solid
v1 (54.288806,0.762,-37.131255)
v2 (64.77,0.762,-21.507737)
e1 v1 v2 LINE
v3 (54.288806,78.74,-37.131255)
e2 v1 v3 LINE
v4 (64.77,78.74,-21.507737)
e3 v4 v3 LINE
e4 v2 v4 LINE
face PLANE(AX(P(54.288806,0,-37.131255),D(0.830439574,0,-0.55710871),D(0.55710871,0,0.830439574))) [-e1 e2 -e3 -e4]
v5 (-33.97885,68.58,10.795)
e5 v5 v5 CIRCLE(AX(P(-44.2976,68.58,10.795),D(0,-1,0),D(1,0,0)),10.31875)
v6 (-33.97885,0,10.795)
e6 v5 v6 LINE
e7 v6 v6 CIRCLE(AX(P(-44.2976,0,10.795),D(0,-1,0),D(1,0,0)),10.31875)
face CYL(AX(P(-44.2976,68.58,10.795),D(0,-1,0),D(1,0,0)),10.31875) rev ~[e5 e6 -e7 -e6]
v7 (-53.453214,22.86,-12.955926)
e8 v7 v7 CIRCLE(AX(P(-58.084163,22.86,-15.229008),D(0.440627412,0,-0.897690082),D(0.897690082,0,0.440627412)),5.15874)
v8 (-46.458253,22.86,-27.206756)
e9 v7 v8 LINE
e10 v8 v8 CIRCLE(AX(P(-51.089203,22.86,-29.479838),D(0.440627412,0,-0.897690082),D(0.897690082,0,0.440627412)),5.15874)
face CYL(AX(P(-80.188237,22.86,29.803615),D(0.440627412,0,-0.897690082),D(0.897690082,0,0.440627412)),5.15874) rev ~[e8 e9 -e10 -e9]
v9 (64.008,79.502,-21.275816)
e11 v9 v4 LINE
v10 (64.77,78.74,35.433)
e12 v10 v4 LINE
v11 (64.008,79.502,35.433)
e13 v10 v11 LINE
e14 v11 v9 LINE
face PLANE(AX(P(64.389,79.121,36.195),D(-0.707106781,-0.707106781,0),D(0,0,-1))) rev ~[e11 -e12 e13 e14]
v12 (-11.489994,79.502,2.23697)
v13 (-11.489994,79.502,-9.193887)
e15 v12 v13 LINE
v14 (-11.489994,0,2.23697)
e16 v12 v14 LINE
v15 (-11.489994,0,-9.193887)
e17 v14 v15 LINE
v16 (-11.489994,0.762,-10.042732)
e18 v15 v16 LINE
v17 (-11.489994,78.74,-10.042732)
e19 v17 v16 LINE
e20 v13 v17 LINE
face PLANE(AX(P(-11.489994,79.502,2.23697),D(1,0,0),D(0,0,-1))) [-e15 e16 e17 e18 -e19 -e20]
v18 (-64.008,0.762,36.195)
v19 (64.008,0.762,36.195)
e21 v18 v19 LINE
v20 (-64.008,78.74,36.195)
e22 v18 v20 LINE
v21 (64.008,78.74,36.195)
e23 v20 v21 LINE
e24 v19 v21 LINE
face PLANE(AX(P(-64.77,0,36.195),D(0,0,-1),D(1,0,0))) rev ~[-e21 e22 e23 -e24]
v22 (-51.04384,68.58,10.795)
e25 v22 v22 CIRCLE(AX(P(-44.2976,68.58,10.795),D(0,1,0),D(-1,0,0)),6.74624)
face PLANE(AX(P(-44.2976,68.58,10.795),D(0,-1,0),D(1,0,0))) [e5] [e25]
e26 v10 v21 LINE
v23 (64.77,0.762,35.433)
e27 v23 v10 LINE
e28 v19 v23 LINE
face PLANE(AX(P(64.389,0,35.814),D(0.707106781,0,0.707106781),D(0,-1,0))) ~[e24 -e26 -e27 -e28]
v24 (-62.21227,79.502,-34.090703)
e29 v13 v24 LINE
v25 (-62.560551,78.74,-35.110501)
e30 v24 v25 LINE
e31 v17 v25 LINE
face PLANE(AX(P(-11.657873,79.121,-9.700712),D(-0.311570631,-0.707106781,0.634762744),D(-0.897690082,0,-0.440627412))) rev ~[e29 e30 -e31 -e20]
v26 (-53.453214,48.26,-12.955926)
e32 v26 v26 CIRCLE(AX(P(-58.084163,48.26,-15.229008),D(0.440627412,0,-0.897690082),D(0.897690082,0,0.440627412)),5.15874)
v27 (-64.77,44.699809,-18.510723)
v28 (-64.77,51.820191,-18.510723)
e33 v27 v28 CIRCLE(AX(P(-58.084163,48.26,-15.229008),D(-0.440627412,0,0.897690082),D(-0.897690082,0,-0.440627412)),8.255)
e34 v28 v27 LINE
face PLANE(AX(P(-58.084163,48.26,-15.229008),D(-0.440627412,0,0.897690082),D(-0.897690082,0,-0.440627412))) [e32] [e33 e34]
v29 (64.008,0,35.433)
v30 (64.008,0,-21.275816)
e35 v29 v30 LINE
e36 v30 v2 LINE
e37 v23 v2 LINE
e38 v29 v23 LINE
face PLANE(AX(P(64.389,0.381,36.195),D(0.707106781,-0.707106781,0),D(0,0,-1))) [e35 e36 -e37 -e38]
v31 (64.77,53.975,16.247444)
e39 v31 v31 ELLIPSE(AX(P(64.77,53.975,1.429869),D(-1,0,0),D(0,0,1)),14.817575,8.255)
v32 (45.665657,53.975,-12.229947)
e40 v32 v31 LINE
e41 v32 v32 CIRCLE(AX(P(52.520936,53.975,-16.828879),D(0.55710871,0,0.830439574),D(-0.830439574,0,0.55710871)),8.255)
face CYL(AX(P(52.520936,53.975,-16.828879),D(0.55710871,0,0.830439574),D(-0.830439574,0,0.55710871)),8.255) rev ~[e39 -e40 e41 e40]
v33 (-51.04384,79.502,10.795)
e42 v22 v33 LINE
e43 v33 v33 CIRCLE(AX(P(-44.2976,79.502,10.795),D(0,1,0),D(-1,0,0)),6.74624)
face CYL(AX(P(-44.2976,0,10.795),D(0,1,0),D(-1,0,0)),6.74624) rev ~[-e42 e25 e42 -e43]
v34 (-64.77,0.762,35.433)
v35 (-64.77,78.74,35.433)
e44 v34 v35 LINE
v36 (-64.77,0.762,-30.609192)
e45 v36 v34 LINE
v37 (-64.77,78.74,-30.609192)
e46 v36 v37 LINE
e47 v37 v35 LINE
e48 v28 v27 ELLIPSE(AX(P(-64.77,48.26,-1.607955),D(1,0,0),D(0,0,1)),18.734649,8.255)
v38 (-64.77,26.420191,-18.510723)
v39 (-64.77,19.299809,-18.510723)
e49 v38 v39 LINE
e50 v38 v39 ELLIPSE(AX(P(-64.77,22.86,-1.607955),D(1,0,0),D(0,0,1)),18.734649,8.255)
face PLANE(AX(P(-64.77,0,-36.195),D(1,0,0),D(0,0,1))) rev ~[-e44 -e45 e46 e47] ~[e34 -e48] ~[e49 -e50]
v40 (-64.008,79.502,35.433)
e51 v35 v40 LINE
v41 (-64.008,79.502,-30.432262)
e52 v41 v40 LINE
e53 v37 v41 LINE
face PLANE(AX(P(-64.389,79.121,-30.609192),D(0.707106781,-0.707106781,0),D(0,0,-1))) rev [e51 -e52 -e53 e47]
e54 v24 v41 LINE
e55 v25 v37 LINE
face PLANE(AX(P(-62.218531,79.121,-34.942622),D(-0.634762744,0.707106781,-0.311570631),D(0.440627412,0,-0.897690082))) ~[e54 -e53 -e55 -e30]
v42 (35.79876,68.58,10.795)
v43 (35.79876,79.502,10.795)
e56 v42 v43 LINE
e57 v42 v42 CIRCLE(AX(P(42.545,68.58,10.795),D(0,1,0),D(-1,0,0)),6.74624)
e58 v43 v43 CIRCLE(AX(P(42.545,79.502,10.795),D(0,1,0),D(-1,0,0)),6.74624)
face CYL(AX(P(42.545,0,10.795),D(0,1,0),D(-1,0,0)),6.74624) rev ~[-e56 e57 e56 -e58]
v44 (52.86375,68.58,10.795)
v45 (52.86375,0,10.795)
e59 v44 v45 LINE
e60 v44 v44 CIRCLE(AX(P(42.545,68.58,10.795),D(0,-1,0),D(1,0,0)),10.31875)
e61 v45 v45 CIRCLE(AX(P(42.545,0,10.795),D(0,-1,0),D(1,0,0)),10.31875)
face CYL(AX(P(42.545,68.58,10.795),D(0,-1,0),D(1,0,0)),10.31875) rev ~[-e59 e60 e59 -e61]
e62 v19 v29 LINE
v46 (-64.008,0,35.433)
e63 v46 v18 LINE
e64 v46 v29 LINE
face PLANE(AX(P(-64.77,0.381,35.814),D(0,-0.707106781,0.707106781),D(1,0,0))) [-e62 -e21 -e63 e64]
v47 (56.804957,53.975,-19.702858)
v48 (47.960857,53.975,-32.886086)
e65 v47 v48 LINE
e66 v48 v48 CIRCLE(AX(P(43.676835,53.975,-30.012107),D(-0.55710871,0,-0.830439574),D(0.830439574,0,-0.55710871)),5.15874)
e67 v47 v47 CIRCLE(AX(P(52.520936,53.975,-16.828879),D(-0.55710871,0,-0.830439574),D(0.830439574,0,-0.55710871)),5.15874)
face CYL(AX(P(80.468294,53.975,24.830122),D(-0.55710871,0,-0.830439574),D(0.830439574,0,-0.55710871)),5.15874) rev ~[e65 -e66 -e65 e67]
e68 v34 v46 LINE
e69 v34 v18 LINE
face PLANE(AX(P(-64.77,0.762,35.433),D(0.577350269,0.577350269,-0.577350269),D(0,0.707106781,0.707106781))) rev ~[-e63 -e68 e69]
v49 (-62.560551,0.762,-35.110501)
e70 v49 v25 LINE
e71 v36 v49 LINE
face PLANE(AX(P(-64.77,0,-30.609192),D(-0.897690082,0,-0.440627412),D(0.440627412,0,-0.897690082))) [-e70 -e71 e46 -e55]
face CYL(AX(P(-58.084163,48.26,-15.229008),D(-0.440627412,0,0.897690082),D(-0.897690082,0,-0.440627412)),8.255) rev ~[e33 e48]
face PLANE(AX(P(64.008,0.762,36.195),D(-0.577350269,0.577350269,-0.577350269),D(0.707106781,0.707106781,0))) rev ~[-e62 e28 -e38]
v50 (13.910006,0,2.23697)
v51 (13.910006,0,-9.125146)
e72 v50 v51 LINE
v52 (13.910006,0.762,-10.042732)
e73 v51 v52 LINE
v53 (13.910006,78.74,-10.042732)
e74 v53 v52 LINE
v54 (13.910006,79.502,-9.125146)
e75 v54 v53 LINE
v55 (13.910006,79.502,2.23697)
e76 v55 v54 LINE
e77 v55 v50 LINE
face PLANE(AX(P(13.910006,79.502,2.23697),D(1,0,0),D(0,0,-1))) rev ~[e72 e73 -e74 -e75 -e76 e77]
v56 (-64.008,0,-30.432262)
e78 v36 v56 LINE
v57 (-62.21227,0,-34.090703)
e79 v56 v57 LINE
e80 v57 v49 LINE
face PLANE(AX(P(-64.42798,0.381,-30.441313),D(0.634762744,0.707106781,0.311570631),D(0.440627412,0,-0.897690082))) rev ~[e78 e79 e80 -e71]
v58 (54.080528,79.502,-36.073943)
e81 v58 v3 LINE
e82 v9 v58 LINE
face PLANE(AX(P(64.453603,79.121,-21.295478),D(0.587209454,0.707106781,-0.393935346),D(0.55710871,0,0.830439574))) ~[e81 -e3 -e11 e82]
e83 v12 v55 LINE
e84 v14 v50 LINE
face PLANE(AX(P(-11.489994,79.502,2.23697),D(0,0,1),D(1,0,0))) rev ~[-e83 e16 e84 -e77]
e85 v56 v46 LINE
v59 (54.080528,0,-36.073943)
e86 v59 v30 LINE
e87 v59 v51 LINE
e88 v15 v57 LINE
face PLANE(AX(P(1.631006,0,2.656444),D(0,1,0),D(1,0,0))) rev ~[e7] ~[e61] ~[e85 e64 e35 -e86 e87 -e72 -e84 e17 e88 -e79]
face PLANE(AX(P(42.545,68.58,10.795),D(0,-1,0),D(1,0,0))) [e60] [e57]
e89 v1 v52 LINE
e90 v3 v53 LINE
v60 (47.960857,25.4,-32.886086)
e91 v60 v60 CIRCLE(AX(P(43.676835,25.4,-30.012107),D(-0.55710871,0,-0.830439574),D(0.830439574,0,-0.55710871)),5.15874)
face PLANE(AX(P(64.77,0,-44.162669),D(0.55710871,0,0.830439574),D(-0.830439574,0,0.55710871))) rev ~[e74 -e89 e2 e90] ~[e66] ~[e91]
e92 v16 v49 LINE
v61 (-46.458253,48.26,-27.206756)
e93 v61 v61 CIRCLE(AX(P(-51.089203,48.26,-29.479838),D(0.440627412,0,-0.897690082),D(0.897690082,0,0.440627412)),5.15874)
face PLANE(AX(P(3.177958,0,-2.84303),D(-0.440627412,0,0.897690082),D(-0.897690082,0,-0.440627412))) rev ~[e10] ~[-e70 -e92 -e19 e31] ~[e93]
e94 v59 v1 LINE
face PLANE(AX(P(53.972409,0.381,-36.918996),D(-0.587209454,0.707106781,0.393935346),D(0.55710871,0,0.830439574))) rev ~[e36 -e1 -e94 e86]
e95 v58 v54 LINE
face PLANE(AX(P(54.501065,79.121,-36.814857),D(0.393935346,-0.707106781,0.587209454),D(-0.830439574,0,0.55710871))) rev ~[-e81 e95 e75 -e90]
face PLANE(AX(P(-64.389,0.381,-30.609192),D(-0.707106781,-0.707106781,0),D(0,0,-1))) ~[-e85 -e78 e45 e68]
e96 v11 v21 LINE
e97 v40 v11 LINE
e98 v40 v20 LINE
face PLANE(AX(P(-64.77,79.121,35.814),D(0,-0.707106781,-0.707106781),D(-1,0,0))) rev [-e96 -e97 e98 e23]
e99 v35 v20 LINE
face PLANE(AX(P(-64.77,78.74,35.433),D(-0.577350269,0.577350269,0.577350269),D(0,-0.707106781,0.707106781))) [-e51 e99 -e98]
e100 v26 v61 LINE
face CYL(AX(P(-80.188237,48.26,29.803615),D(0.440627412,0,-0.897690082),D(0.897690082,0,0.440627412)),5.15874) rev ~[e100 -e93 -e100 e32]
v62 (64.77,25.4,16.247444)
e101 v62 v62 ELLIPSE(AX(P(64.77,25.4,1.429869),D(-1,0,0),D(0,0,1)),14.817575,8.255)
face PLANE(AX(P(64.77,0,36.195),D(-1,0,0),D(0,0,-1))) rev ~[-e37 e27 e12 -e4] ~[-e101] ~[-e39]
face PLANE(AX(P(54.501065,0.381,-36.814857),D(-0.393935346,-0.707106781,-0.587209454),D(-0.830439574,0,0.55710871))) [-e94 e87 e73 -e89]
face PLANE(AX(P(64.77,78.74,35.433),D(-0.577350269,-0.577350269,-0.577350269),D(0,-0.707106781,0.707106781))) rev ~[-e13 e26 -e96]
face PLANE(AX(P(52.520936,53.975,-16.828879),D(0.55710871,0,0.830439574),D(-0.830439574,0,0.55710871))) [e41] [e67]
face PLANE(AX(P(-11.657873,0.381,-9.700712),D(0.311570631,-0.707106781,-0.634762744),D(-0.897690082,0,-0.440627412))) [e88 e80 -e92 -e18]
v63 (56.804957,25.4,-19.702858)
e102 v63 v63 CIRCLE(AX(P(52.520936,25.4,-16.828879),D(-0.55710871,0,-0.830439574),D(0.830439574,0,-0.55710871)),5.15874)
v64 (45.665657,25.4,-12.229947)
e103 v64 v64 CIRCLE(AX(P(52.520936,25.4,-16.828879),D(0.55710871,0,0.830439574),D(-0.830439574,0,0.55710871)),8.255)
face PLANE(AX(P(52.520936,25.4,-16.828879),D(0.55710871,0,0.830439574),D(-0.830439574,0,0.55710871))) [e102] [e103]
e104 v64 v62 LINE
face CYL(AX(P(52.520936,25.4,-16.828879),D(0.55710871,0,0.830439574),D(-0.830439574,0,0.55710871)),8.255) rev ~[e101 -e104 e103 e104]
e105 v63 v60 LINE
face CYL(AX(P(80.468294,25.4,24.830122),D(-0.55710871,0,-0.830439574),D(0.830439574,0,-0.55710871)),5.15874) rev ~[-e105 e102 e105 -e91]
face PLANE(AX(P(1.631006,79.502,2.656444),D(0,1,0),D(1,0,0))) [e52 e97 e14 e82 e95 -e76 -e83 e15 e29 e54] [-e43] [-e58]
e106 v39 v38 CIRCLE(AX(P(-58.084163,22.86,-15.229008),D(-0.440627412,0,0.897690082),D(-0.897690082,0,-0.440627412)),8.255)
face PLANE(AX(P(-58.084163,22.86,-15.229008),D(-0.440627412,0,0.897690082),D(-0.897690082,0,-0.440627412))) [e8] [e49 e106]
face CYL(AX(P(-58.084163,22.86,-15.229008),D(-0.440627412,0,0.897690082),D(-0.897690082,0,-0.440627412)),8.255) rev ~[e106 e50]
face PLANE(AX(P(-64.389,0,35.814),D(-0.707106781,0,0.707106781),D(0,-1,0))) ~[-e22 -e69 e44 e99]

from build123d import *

# Parameters (mm, degrees)
EXTRUDE1_DEPTH                                   = 79.502
CBORE_FOR_3_8_SOCKET_HEAD_CAP_SCREW1_D           = 10.31748
CBORE_FOR_3_8_SOCKET_HEAD_CAP_SCREW1_CBORE_D     = 16.51
CBORE_FOR_3_8_SOCKET_HEAD_CAP_SCREW1_CBORE_DEPTH = 50.165
CBORE_FOR_3_8_SOCKET_HEAD_CAP_SCREW2_D           = 10.31748
CBORE_FOR_3_8_SOCKET_HEAD_CAP_SCREW2_CBORE_D     = 16.51
CBORE_FOR_3_8_SOCKET_HEAD_CAP_SCREW2_CBORE_DEPTH = 50.165
SKETCH14_W                                       = 25.4
SKETCH14_H                                       = 12.279702398
EXTRUDE2_DEPTH                                   = 80.502
CBORE_FOR_1_2_SOCKET_HEAD_CAP_SCREW1_D           = 13.49248
CBORE_FOR_1_2_SOCKET_HEAD_CAP_SCREW1_CBORE_D     = 20.6375
CBORE_FOR_1_2_SOCKET_HEAD_CAP_SCREW1_CBORE_DEPTH = 68.58
EXTRUDE3_DEPTH                                   = 80.502
CHAMFER1_SIZE                                    = 0.762


with BuildPart() as part:
    # Sketch1 → Extrude1 (new body)
    with BuildSketch(Plane(origin=(0, 0, 0), x_dir=(1, 0, 0), z_dir=(0, 1, 0))):
        Polygon((-64.77, 36.195), (-64.77, -36.195), (64.77, -36.195), (64.77, 44.162668668), (3.17795769, 2.843029897), align=None)
    extrude(amount=EXTRUDE1_DEPTH)

    # CBORE for 3/8 Socket Head Cap Screw1 (through all)
    with Locations(Plane(origin=(-27.357474291, 0, 55.735373351), x_dir=(-0.897690082, 0, -0.440627412), z_dir=(-0.440627412, 0, 0.897690082))):
        with Locations((58.851895807, -48.26), (58.851895807, -22.86)):
            CounterBoreHole(CBORE_FOR_3_8_SOCKET_HEAD_CAP_SCREW1_D / 2, CBORE_FOR_3_8_SOCKET_HEAD_CAP_SCREW1_CBORE_D / 2, CBORE_FOR_3_8_SOCKET_HEAD_CAP_SCREW1_CBORE_DEPTH)

    # CBORE for 3/8 Socket Head Cap Screw2 (through all)
    with Locations(Plane(origin=(36.462488364, 0, 54.351857685), x_dir=(-0.830439574, 0, 0.55710871), z_dir=(0.55710871, 0, 0.830439574))):
        with Locations((-52.990978547, -25.4), (-52.990978547, -53.975)):
            CounterBoreHole(CBORE_FOR_3_8_SOCKET_HEAD_CAP_SCREW2_D / 2, CBORE_FOR_3_8_SOCKET_HEAD_CAP_SCREW2_CBORE_D / 2, CBORE_FOR_3_8_SOCKET_HEAD_CAP_SCREW2_CBORE_DEPTH)

    # Sketch14 → Extrude2 (cut, through all)
    with BuildSketch(Plane(origin=(0, 79.502, 0), x_dir=(1, 0, 0), z_dir=(0, 1, 0))):
        with Locations((1.21000637, 3.902881096)):
            Rectangle(SKETCH14_W, SKETCH14_H)
    extrude(amount=-EXTRUDE2_DEPTH, mode=Mode.SUBTRACT)

    # CBORE for 1/2 Socket Head Cap Screw1 (through all)
    with Locations(Plane.XZ):
        with Locations((-44.2976, 10.795), (42.545, 10.795)):
            CounterBoreHole(CBORE_FOR_1_2_SOCKET_HEAD_CAP_SCREW1_D / 2, CBORE_FOR_1_2_SOCKET_HEAD_CAP_SCREW1_CBORE_D / 2, CBORE_FOR_1_2_SOCKET_HEAD_CAP_SCREW1_CBORE_DEPTH)

    # Sketch17 → Extrude3 (cut, through all)
    with BuildSketch(Plane.XZ):
        Polygon((-64.77, -30.609192285), (-62.560551309, -35.110501375), (-64.77, -36.195), align=None)
        Polygon((64.77, -44.162668668), (54.288806225, -37.131254796), (64.77, -21.507736545), align=None)
    extrude(amount=-EXTRUDE3_DEPTH, mode=Mode.SUBTRACT)

    # Chamfer1
    chamfer1_edges = [part.edges().sort_by_distance(p)[0] for p in [
        (0, 79.502, 36.195),
        (59.529403112, 79.502, -29.319495671),
        (59.529403112, 0, -29.319495671),
        (64.77, 79.502, 7.343631727),
        (-37.025272469, 0, -22.576616835),
        (-37.025272469, 79.502, -22.576616835),
        (64.77, 0, 7.343631727),
        (0, 0, 36.195),
        (-64.77, 0, 2.792903858),
        (-64.77, 79.502, 2.792903858),
        (-63.665275654, 79.502, -32.85984683),
        (64.77, 39.751, 36.195),
        (-63.665275654, 0, -32.85984683),
        (-64.77, 39.751, 36.195),
        (34.099406297, 0, -23.586993546),
        (34.099406297, 79.502, -23.586993546),
    ]]
    chamfer(chamfer1_edges, length=CHAMFER1_SIZE)


solid = part.part
